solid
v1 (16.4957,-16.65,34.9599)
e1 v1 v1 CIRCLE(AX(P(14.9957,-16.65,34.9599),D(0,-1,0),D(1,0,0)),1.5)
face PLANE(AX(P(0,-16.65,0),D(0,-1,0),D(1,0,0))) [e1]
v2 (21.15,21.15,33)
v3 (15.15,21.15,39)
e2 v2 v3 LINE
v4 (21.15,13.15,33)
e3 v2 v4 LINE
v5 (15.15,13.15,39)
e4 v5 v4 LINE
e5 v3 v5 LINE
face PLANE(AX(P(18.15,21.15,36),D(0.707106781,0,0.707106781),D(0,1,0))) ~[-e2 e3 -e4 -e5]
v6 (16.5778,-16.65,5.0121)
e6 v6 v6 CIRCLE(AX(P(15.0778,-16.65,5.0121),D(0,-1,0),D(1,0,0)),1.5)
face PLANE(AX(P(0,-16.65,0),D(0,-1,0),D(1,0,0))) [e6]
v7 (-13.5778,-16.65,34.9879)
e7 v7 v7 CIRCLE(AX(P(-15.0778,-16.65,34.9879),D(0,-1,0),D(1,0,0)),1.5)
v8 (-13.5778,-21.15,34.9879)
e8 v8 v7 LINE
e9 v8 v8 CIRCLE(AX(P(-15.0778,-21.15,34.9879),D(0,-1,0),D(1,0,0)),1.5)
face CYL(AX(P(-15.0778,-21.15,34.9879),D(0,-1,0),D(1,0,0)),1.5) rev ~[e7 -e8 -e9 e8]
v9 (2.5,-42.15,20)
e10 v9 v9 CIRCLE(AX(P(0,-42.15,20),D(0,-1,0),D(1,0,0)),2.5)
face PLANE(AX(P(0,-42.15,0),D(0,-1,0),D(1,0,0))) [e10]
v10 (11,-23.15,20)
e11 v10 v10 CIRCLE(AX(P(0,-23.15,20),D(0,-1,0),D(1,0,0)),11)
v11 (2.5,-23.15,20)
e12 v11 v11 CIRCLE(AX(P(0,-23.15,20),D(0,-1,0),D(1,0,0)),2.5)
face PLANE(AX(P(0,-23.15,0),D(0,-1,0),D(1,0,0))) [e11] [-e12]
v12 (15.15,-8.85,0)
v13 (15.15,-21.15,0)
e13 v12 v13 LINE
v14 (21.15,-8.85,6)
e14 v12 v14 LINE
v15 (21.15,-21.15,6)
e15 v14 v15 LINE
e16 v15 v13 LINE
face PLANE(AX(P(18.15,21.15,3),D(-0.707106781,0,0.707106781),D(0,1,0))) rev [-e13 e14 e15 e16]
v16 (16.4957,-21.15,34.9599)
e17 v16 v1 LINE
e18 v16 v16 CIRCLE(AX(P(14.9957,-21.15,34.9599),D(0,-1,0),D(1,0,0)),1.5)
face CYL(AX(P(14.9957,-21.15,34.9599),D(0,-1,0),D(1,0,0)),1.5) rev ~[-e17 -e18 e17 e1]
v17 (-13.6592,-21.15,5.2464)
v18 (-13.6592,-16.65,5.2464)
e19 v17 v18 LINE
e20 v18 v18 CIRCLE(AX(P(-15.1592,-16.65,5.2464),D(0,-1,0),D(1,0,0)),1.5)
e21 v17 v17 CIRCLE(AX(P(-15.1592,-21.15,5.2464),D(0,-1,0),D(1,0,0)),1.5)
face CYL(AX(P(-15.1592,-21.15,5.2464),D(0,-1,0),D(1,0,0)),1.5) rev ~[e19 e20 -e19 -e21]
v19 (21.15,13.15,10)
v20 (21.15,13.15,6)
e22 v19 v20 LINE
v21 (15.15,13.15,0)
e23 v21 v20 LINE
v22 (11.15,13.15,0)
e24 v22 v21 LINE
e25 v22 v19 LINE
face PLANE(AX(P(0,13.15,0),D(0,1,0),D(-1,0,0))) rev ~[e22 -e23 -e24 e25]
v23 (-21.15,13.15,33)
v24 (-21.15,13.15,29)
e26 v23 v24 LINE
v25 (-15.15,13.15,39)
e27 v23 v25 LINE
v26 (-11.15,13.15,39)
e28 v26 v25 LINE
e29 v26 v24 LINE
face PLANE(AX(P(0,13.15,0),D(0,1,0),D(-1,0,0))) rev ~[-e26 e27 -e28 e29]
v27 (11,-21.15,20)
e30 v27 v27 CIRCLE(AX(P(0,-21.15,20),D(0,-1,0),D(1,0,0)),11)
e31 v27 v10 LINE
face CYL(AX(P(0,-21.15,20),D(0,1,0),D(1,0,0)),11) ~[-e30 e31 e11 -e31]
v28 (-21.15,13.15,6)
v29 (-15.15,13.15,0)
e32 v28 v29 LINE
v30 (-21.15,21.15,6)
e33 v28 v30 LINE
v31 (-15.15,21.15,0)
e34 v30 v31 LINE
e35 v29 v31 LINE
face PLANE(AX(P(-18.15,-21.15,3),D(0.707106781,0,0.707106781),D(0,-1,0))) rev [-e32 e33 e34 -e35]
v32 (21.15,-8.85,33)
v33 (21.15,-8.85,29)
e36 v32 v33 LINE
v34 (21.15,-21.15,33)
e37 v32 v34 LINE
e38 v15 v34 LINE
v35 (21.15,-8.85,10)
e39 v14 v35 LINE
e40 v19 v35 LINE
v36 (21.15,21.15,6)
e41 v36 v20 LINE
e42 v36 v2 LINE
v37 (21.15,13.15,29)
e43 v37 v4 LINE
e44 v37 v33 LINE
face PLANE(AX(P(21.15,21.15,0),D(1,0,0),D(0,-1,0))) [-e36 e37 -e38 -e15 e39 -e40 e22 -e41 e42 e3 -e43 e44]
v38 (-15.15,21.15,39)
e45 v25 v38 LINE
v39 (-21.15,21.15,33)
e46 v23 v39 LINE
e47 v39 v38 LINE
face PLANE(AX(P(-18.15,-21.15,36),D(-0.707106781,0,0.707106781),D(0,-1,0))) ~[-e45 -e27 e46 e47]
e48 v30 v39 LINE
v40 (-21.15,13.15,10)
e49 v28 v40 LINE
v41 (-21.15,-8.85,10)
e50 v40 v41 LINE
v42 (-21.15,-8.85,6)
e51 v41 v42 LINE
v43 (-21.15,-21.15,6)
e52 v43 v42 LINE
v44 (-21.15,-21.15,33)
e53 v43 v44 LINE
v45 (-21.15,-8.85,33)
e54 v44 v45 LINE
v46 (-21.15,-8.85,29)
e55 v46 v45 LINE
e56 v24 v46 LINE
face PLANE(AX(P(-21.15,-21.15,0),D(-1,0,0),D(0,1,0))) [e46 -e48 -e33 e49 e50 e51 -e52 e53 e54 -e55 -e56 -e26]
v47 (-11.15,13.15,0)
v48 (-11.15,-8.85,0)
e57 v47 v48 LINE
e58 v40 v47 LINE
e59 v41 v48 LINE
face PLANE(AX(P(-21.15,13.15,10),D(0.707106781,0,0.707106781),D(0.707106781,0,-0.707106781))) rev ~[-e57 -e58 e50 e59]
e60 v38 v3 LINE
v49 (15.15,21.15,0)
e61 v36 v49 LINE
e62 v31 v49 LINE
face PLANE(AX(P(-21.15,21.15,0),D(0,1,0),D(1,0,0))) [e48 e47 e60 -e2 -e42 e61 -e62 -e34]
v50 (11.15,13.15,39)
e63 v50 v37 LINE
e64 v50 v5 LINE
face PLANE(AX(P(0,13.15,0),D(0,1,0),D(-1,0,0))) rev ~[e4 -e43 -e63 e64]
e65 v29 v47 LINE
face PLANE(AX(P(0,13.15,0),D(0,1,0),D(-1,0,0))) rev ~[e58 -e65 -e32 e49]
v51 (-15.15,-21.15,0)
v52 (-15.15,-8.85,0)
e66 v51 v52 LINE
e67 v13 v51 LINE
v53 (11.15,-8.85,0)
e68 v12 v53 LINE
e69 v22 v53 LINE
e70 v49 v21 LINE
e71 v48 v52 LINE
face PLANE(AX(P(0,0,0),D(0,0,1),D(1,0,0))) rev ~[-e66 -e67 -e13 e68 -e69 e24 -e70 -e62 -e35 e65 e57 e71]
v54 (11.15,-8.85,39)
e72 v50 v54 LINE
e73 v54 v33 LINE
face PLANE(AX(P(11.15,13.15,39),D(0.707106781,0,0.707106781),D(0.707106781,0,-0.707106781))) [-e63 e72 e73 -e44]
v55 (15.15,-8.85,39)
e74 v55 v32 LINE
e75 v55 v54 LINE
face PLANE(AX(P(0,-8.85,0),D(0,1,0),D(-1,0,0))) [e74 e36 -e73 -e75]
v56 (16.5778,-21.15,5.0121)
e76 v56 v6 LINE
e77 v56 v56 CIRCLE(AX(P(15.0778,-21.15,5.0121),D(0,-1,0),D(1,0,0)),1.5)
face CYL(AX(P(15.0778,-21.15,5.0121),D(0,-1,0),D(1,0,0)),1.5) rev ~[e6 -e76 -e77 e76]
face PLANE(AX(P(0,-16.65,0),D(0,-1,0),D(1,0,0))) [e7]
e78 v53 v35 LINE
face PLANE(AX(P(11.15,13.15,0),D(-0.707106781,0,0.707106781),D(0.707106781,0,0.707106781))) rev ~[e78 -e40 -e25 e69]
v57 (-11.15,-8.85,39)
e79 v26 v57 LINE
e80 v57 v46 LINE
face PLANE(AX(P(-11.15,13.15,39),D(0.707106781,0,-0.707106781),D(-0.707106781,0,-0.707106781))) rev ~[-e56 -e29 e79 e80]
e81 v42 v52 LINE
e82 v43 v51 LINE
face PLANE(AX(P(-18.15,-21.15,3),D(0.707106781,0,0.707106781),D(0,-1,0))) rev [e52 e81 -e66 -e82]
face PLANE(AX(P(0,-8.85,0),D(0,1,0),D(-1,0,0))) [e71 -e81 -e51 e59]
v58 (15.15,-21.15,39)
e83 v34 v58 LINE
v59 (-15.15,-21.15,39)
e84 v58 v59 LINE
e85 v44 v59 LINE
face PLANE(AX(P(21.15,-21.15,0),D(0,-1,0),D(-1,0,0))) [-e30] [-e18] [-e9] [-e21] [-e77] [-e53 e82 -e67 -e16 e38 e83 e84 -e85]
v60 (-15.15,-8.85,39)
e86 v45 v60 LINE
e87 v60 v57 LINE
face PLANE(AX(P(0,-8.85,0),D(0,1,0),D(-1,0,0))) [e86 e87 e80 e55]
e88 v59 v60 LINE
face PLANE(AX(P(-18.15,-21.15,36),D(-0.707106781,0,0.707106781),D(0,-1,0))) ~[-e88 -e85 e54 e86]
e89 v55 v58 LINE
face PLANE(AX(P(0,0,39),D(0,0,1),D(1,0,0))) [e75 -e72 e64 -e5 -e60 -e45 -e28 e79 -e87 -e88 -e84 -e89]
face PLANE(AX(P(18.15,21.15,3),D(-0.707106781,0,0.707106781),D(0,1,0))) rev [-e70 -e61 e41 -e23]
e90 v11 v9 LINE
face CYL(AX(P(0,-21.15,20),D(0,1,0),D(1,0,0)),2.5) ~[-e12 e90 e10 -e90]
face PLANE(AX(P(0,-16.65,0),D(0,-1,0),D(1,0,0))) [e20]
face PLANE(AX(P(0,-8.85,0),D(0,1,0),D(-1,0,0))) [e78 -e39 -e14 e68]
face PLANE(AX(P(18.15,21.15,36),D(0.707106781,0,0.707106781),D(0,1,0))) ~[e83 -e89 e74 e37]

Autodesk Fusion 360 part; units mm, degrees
sketch "Sketch1" plane through (0, 0, 0) normal (0, 0, 1) x (1, 0, 0)
  line L0 (21.15, -21.15) -> (-21.15, -21.15)
  line L1 (-21.15, -21.15) -> (-21.15, 21.15)
  line L2 (-21.15, 21.15) -> (21.15, 21.15)
  line L3 (21.15, 21.15) -> (21.15, -21.15)
  line L4 (21.15, -21.15) -> (-21.15, 21.15) construction
  line L5 (-21.15, -21.15) -> (21.15, 21.15) construction
  dimension "d3" = 42.3
  dimension "d4" = 42.3
extrude "Extrude1" add sketch "Sketch1" along normal blind 39
chamfer "Chamfer1" distance 6 angle 45 4 edges at (-21.15, 0, 39) (21.15, 0, 39) (21.15, 0, 0) (-21.15, 0, 0)
sketch "Sketch2" plane through (0, -21.15, 0) normal (0, -1, 0) x (1, 0, 0)
  line L0 (-21.15, 6) -> (-15.15, 0)
  line L1 (-15.15, 0) -> (15.15, 0)
  line L2 (15.15, 0) -> (21.15, 6)
  line L3 (21.15, 6) -> (21.15, 33)
  line L4 (21.15, 33) -> (15.15, 39)
  line L5 (15.15, 39) -> (-15.15, 39)
  line L6 (-15.15, 39) -> (-21.15, 33)
  line L7 (-21.15, 33) -> (-21.15, 6)
  circle A0 centre (0, 20) radius 2.5
  dimension "d8" = 5
extrude "Extrude2" add sketch "Sketch2" along normal blind 21 contours A0
sketch "Sketch3" plane through (0, -21.15, 0) normal (0, -1, 0) x (1, 0, 0)
  circle A0 centre (0, 20) radius 2.5
  line L0 (-21.15, 6) -> (-15.15, 0)
  line L1 (-15.15, 0) -> (15.15, 0)
  line L2 (15.15, 0) -> (21.15, 6)
  line L3 (21.15, 6) -> (21.15, 33)
  line L4 (21.15, 33) -> (15.15, 39)
  line L5 (15.15, 39) -> (-15.15, 39)
  line L6 (-15.15, 39) -> (-21.15, 33)
  line L7 (-21.15, 33) -> (-21.15, 6)
  circle A1 centre (0, 20) radius 11
  dimension "d11" = 22
extrude "Extrude3" add sketch "Sketch3" along normal blind 2 contours A1
sketch "Sketch4" plane through (0, -21.15, 0) normal (0, -1, 0) x (1, 0, 0)
  circle A0 centre (0, 20) radius 11
  line L0 (-21.15, 6) -> (-15.15, 0)
  line L1 (-15.15, 0) -> (15.15, 0)
  line L2 (15.15, 0) -> (21.15, 6)
  line L3 (21.15, 6) -> (21.15, 33)
  line L4 (21.15, 33) -> (15.15, 39)
  line L5 (15.15, 39) -> (-15.15, 39)
  line L6 (-15.15, 39) -> (-21.15, 33)
  line L7 (-21.15, 33) -> (-21.15, 6)
  circle A1 centre (-15.0778, 34.9879) radius 1.5
  circle A2 centre (15.0778, 5.0121) radius 1.5
  circle A3 centre (14.9957, 34.9599) radius 1.5
  circle A4 centre (-15.1592, 5.2464) radius 1.5
  dimension "d14" = 3
  dimension "d16" = 360
  dimension "d17" = 3
  dimension "d18" = 3
extrude "Extrude4" cut sketch "Sketch4" against normal blind 4.5 contours A1 | A2 | A3 | A4
sketch "Sketch5" plane through (0, 21.15, 0) normal (0, 1, 0) x (-1, 0, 0)
  line L0 (15.15, 0) -> (21.15, 6)
  line L1 (21.15, 6) -> (21.15, 33)
  line L2 (21.15, 33) -> (15.15, 39)
  line L3 (15.15, 39) -> (-15.15, 39)
  line L4 (-15.15, 39) -> (-21.15, 33)
  line L5 (-21.15, 33) -> (-21.15, 6)
  line L6 (-21.15, 6) -> (-15.15, 0)
  line L7 (-15.15, 0) -> (15.15, 0)
  line L8 (-11.15, 39) -> (-21.15, 29)
  line L9 (-21.15, 29) -> (-21.15, 39)
  line L10 (-11.15, 39) -> (-21.15, 39)
  dimension "d21" = 10
  dimension "d22" = 10
extrude "Extrude5" cut sketch "Sketch5" against normal blind 22 from surface at -8 contours L3 L4 L5 L8 L9 L10 | L4 L9 L10
sketch "Sketch6" plane through (0, 21.15, 0) normal (0, 1, 0) x (-1, 0, 0)
  line L0 (15.15, 0) -> (21.15, 6)
  line L1 (21.15, 6) -> (21.15, 33)
  line L2 (21.15, 33) -> (15.15, 39)
  line L3 (15.15, 39) -> (-15.15, 39)
  line L4 (-15.15, 39) -> (-21.15, 33)
  line L5 (-21.15, 33) -> (-21.15, 6)
  line L6 (-21.15, 6) -> (-15.15, 0)
  line L7 (-15.15, 0) -> (15.15, 0)
  line L8 (11.15, 39) -> (21.15, 29)
  line L9 (11.15, 39) -> (21.15, 39)
  line L10 (21.15, 29) -> (21.15, 39)
  dimension "d26" = 10
  dimension "d27" = 10
extrude "Extrude6" cut sketch "Sketch6" against normal blind 22 from surface at -8 contours L1 L2 L3 L8 L9 L10 | L2 L9 L10
sketch "Sketch7" plane through (0, 21.15, 0) normal (0, 1, 0) x (-1, 0, 0)
  line L0 (15.15, 0) -> (21.15, 6)
  line L1 (21.15, 6) -> (21.15, 33)
  line L2 (21.15, 33) -> (15.15, 39)
  line L3 (15.15, 39) -> (-15.15, 39)
  line L4 (-15.15, 39) -> (-21.15, 33)
  line L5 (-21.15, 33) -> (-21.15, 6)
  line L6 (-21.15, 6) -> (-15.15, 0)
  line L7 (-15.15, 0) -> (15.15, 0)
  line L8 (21.15, 10) -> (11.15, 0)
  line L9 (11.15, 0) -> (21.15, 0)
  line L10 (21.15, 10) -> (21.15, 0)
  dimension "d31" = 10
  dimension "d32" = 10
extrude "Extrude7" cut sketch "Sketch7" against normal blind 22 from surface at -8 contours L0 L1 L7 L8 L9 L10 | L0 L9 L10
sketch "Sketch8" plane through (0, 21.15, 0) normal (0, 1, 0) x (-1, 0, 0)
  line L0 (15.15, 0) -> (21.15, 6)
  line L1 (21.15, 6) -> (21.15, 33)
  line L2 (21.15, 33) -> (15.15, 39)
  line L3 (15.15, 39) -> (-15.15, 39)
  line L4 (-15.15, 39) -> (-21.15, 33)
  line L5 (-21.15, 33) -> (-21.15, 6)
  line L6 (-21.15, 6) -> (-15.15, 0)
  line L7 (-15.15, 0) -> (15.15, 0)
  line L8 (-11.15, 0) -> (-21.15, 10)
  line L9 (-11.15, 0) -> (-21.15, 0)
  line L10 (-21.15, 10) -> (-21.15, 0)
  dimension "d36" = 10
  dimension "d37" = 10
extrude "Extrude8" cut sketch "Sketch8" against normal blind 22 from surface at -8 contours L5 L6 L7 L8 L9 L10 | L6 L9 L10
sketch "Sketch9" plane through (0, 13.15, 0) normal (0, -1, 0) x (1, 0, 0)
  line L0 (21.15, 33) -> (15.15, 39)
  line L1 (15.15, 39) -> (11.15, 39)
  line L2 (21.15, 29) -> (21.15, 33)
sketch "Sketch10" plane through (0, 13.15, 0) normal (0, -1, 0) x (1, 0, 0)
sketch "Sketch11" plane through (0, 13.15, 0) normal (0, -1, 0) x (1, 0, 0)
sketch "Sketch12" plane through (0, 13.15, 0) normal (0, -1, 0) x (1, 0, 0)
